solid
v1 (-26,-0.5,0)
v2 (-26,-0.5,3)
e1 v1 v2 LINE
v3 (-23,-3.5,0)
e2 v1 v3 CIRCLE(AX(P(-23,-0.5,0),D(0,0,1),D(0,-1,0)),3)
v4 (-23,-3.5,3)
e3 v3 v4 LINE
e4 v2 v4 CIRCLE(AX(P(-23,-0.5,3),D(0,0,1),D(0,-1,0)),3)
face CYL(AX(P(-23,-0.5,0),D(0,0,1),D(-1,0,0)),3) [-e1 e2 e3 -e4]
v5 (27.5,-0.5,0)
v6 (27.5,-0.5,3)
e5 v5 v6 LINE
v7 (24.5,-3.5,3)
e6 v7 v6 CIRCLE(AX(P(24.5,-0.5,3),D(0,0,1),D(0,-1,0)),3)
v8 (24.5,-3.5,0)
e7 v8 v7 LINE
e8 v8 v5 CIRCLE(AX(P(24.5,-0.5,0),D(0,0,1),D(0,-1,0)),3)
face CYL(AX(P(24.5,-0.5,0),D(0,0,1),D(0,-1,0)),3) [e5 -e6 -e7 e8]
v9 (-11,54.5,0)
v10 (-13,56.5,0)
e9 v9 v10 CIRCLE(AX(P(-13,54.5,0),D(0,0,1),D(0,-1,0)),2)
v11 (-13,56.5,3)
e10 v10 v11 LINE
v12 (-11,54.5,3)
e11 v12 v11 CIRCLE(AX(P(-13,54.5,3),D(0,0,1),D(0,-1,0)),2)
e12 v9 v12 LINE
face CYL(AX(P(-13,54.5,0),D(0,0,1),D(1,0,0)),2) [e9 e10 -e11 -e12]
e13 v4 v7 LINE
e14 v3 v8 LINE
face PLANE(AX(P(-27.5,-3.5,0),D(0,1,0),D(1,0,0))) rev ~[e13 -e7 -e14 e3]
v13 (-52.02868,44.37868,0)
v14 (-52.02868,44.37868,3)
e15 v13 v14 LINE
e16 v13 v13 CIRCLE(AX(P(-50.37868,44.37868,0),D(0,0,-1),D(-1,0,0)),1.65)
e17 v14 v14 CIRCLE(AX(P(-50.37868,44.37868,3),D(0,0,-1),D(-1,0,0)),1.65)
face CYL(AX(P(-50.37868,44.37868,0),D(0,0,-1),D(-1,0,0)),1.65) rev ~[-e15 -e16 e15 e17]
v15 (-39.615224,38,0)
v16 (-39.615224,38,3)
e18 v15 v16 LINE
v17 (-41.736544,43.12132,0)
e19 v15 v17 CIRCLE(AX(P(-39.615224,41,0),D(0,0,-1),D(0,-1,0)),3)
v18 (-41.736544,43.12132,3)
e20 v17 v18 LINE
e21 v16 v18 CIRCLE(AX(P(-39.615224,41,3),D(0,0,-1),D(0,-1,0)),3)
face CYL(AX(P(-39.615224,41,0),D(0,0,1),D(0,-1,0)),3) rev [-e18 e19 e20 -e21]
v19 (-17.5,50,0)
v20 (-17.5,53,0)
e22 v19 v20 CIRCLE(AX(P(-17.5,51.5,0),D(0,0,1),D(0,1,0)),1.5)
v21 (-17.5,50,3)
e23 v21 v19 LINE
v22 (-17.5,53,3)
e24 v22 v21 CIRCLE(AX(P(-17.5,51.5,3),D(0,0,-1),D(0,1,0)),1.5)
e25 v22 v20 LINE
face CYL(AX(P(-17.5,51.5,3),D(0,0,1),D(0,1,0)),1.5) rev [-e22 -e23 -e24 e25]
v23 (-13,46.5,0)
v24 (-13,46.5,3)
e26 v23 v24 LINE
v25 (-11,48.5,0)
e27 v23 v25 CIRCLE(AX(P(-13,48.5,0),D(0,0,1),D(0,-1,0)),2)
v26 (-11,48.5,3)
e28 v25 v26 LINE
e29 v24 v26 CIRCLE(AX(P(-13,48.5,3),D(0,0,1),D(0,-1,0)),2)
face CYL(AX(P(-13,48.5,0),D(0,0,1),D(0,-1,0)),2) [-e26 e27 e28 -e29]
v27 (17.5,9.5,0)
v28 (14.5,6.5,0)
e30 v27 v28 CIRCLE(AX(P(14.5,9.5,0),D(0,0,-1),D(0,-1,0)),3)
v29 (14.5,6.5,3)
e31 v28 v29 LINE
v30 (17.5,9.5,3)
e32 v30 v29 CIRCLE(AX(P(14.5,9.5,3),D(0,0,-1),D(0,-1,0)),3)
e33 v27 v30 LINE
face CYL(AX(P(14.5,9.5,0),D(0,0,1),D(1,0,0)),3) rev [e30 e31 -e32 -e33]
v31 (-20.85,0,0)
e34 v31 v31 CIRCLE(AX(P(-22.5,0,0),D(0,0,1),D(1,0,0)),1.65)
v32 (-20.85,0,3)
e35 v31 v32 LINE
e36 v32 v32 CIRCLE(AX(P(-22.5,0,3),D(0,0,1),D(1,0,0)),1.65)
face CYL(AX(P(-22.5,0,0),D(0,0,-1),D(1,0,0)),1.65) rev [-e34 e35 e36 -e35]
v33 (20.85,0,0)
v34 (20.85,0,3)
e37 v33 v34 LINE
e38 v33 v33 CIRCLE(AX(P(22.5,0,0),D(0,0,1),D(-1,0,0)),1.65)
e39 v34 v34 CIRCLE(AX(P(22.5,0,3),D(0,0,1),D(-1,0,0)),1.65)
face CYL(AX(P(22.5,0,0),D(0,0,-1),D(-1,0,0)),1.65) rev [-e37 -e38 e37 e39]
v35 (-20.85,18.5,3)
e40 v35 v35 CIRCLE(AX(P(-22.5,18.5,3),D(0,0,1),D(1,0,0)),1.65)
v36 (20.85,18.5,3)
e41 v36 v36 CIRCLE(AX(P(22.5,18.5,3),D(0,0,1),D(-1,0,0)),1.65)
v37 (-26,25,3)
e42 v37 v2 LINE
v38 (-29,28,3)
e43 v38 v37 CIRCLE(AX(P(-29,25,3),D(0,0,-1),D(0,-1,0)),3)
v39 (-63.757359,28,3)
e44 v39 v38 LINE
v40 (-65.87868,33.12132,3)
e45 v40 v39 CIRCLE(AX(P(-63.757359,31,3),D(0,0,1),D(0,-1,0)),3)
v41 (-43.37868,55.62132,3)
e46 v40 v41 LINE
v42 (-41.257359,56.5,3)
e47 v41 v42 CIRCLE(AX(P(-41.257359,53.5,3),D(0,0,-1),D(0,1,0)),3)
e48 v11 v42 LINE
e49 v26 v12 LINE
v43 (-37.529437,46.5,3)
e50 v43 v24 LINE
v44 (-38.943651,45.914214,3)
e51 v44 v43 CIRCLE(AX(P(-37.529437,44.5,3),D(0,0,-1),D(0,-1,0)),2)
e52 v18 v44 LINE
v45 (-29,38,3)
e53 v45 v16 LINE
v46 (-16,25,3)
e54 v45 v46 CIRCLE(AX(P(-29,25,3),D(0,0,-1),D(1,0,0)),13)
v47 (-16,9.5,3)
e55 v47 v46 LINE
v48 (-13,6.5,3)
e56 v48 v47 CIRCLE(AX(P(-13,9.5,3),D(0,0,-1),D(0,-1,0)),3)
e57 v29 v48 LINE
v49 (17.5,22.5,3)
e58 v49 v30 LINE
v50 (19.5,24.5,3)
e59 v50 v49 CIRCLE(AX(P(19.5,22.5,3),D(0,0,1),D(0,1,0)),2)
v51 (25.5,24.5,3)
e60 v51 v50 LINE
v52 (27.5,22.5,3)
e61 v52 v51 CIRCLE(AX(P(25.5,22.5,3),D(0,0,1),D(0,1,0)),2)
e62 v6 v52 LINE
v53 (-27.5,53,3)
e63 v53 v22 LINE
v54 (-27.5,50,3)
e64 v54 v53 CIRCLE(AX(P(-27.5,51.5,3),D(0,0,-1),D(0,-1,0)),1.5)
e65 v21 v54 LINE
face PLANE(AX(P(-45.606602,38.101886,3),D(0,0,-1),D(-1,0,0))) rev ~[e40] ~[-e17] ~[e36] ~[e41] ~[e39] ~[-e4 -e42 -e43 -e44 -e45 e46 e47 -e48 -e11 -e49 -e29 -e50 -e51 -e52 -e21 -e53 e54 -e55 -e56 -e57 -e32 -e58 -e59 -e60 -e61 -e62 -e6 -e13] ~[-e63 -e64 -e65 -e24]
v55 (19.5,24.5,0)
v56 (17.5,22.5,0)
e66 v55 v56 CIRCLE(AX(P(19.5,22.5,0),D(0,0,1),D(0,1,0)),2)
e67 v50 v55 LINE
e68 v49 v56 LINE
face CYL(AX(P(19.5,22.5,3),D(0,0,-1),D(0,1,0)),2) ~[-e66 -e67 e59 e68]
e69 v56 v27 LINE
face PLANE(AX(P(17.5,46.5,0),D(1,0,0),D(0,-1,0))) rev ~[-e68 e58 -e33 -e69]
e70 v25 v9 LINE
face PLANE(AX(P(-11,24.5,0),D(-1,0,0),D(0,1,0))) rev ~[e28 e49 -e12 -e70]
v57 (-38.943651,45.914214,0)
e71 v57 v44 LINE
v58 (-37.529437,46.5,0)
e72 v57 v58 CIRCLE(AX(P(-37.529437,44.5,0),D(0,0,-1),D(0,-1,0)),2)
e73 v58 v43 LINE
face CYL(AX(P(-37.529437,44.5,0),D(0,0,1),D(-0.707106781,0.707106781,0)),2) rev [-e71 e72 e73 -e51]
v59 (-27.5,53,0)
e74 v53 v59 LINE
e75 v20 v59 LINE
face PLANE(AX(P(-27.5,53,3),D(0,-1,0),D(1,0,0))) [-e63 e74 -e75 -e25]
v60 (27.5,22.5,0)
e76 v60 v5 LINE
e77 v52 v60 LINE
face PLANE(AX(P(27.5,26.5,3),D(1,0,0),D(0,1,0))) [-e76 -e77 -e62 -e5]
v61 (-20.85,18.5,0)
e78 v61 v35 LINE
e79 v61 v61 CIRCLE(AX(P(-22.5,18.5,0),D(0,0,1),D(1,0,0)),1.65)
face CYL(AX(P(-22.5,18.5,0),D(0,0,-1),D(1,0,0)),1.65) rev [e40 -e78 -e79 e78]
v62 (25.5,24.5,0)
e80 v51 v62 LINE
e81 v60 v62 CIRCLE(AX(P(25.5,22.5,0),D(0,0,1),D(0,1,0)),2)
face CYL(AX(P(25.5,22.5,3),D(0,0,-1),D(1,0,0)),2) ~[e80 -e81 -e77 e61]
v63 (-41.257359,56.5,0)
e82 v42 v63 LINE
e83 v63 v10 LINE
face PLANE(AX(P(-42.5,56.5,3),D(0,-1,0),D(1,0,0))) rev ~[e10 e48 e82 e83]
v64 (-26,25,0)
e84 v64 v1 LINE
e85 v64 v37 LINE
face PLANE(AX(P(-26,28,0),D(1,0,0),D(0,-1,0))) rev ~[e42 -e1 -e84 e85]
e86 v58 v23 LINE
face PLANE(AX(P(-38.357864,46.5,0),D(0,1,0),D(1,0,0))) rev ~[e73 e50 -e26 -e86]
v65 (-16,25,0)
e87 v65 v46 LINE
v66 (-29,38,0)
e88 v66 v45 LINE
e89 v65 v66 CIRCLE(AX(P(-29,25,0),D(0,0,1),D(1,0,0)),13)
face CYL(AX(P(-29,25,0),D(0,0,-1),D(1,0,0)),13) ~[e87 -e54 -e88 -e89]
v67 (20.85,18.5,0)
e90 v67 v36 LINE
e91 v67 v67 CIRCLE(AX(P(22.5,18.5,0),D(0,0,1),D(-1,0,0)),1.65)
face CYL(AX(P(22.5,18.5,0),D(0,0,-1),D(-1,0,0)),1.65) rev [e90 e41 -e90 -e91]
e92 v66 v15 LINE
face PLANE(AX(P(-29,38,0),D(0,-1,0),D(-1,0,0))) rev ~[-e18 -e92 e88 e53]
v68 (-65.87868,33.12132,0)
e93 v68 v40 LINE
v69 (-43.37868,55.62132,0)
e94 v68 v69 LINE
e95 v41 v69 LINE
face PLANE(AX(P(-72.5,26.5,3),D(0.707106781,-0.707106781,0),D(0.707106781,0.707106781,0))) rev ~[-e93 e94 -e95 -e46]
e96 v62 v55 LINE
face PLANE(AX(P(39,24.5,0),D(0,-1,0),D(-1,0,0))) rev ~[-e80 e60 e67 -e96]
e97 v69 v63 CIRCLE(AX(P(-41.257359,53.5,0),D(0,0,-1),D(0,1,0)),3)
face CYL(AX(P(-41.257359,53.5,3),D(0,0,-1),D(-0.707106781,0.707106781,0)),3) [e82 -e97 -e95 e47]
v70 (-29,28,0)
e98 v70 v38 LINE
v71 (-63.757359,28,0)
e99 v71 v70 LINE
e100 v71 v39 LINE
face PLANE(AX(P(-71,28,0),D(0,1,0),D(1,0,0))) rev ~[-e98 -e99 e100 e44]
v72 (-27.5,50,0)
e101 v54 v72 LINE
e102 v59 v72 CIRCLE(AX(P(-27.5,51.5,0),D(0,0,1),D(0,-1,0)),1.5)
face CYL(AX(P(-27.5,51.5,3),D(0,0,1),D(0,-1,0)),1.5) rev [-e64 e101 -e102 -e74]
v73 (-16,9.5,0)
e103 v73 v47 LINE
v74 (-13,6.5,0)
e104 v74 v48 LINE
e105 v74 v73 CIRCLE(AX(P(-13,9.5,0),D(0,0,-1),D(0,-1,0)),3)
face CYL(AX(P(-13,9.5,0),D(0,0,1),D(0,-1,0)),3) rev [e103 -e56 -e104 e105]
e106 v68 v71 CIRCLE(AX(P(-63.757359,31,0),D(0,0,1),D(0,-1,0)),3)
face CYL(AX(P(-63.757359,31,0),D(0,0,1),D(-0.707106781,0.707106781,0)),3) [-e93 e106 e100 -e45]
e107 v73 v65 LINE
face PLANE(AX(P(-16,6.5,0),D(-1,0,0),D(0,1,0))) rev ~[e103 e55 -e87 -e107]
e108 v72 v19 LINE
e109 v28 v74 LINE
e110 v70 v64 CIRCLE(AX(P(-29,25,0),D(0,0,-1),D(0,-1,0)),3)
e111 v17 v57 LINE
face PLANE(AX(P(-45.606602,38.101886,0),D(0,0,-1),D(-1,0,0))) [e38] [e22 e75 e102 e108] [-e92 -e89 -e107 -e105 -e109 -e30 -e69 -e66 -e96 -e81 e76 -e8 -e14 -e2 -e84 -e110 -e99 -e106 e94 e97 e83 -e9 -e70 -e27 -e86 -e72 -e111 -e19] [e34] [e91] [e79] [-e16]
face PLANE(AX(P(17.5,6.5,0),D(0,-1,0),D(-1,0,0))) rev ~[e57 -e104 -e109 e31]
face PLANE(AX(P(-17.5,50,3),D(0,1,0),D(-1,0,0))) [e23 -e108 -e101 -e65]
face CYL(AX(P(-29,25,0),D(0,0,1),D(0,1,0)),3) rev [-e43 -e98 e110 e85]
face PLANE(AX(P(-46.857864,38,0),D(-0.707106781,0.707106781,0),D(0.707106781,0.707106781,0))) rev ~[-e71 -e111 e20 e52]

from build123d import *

# Parameters (mm, degrees)
SKETCH_1_W          = 55
SKETCH_1_H          = 30
SKETCH_1_R          = 1.65
EXTRUDE_1_DEPTH     = 3
SKETCH_2_W          = 55
SKETCH_2_H          = 30
EXTRUDE_2_DEPTH     = 3
EXTRUDE_3_DEPTH     = 3
SKETCH_8_R          = 1.65
CUT_EXTRUDE_1_DEPTH = 10
FILLET_2_R          = 3
CUT_EXTRUDE_2_DEPTH = 10
CUT_EXTRUDE_3_DEPTH = 92.964667128
FILLET_3_R          = 3
CUT_EXTRUDE_4_DEPTH = 88.508828254
FILLET_4_R          = 3
SKETCH_14_W         = 50
SKETCH_14_H         = 32
CUT_EXTRUDE_5_DEPTH = 88.508828254
FILLET_5_R          = 2


with BuildPart() as part:
    # 草图1 → 凸台-拉伸1 (new body)
    with BuildSketch(Plane.XY):
        with Locations((0, 11.5)):
            Rectangle(SKETCH_1_W, SKETCH_1_H)
        with Locations((-22.5, 0)):
            Circle(SKETCH_1_R, mode=Mode.SUBTRACT)
        with Locations((-22.5, 18.5)):
            Circle(SKETCH_1_R, mode=Mode.SUBTRACT)
        with Locations(Location((22.5, 18.5, 0), (0, 0, 180))):
            Circle(SKETCH_1_R, mode=Mode.SUBTRACT)
        with Locations(Location((22.5, 0, 0), (0, 0, 180))):
            Circle(SKETCH_1_R, mode=Mode.SUBTRACT)
    extrude(amount=EXTRUDE_1_DEPTH)

    # 草图2 → 凸台-拉伸2 (add)
    with BuildSketch(Plane.XY.offset(3)):
        with Locations((0, 41.5)):
            Rectangle(SKETCH_2_W, SKETCH_2_H)
    extrude(amount=-EXTRUDE_2_DEPTH)

    # 草图4 → 凸台-拉伸3 (add)
    with BuildSketch(Plane.XY.offset(3)):
        Polygon((-27.5, 26.5), (-72.5, 26.5), (-42.5, 56.5), (-27.5, 56.5), align=None)
    extrude(amount=-EXTRUDE_3_DEPTH)

    # 草图8 → 切除-拉伸1 (cut)
    with BuildSketch(Plane(origin=(0, 0, 0), x_dir=(-1, 0, 0), z_dir=(0, 0, -1))):
        with Locations((50.378679656, 44.378679656)):
            Circle(SKETCH_8_R)
    extrude(amount=-CUT_EXTRUDE_1_DEPTH, mode=Mode.SUBTRACT)

    # 圆角2
    fillet_2_edges = [part.edges().sort_by_distance(p)[0] for p in [
        (27.5, 56.5, 1.5),
        (-42.5, 56.5, 1.5),
        (27.5, -3.5, 1.5),
    ]]
    fillet(fillet_2_edges, radius=FILLET_2_R)

    # 草图9 → 切除-拉伸2 (cut)
    with BuildSketch(Plane.XY.offset(3)):
        with BuildLine():
            Line((-27.5, 53), (-17.5, 53))
            ThreePointArc((-17.5, 53), (-16, 51.5), (-17.5, 50))
            Line((-17.5, 50), (-27.5, 50))
            ThreePointArc((-27.5, 50), (-29, 51.5), (-27.5, 53))
        make_face()
    extrude(amount=-CUT_EXTRUDE_2_DEPTH, mode=Mode.SUBTRACT)

    # 草图12 → 切除-拉伸3 (cut, through all)
    with BuildSketch(Plane(origin=(0, 0, 0), x_dir=(-1, 0, 0), z_dir=(0, 0, -1))):
        Polygon((71, 28), (26, 28), (26, -3.5), (27.5, -3.5), (27.5, 26.5), (72.5, 26.5), align=None)
    extrude(amount=-CUT_EXTRUDE_3_DEPTH, mode=Mode.SUBTRACT)

    # 圆角3
    fillet_3_edges = [part.edges().sort_by_distance(p)[0] for p in [
        (-26, -3.5, 1.5),
        (-26, 28, 1.5),
        (-71, 28, 1.5),
    ]]
    fillet(fillet_3_edges, radius=FILLET_3_R)

    # 草图13 → 切除-拉伸4 (cut, through all)
    with BuildSketch(Plane(origin=(0, 0, 0), x_dir=(-1, 0, 0), z_dir=(0, 0, -1))):
        with BuildLine():
            Line((29, 38), (46.857864376, 38))
            Line((46.857864376, 38), (38.357864376, 46.5))
            Line((38.357864376, 46.5), (-17.5, 46.5))
            Line((-17.5, 46.5), (-17.5, 6.5))
            Line((-17.5, 6.5), (16, 6.5))
            Line((16, 6.5), (16, 25))
            ThreePointArc((16, 25), (19.807611845, 34.192388155), (29, 38))
        make_face()
    extrude(amount=-CUT_EXTRUDE_4_DEPTH, mode=Mode.SUBTRACT)

    # 圆角4
    fillet_4_edges = [part.edges().sort_by_distance(p)[0] for p in [
        (-16, 6.5, 1.5),
        (17.5, 6.5, 1.5),
        (17.5, 46.5, 1.5),
        (-46.857864376, 38, 1.5),
    ]]
    fillet(fillet_4_edges, radius=FILLET_4_R)

    # 草图14 → 切除-拉伸5 (cut, through all)
    with BuildSketch(Plane(origin=(0, 0, 0), x_dir=(-1, 0, 0), z_dir=(0, 0, -1))):
        with Locations((-14, 40.5)):
            Rectangle(SKETCH_14_W, SKETCH_14_H)
    extrude(amount=-CUT_EXTRUDE_5_DEPTH, mode=Mode.SUBTRACT)

    # 圆角5
    fillet_5_edges = [part.edges().sort_by_distance(p)[0] for p in [
        (-38.357864376, 46.5, 1.5),
        (-11, 46.5, 1.5),
        (17.5, 24.5, 1.5),
        (27.5, 24.5, 1.5),
        (-11, 56.5, 1.5),
    ]]
    fillet(fillet_5_edges, radius=FILLET_5_R)


solid = part.part
